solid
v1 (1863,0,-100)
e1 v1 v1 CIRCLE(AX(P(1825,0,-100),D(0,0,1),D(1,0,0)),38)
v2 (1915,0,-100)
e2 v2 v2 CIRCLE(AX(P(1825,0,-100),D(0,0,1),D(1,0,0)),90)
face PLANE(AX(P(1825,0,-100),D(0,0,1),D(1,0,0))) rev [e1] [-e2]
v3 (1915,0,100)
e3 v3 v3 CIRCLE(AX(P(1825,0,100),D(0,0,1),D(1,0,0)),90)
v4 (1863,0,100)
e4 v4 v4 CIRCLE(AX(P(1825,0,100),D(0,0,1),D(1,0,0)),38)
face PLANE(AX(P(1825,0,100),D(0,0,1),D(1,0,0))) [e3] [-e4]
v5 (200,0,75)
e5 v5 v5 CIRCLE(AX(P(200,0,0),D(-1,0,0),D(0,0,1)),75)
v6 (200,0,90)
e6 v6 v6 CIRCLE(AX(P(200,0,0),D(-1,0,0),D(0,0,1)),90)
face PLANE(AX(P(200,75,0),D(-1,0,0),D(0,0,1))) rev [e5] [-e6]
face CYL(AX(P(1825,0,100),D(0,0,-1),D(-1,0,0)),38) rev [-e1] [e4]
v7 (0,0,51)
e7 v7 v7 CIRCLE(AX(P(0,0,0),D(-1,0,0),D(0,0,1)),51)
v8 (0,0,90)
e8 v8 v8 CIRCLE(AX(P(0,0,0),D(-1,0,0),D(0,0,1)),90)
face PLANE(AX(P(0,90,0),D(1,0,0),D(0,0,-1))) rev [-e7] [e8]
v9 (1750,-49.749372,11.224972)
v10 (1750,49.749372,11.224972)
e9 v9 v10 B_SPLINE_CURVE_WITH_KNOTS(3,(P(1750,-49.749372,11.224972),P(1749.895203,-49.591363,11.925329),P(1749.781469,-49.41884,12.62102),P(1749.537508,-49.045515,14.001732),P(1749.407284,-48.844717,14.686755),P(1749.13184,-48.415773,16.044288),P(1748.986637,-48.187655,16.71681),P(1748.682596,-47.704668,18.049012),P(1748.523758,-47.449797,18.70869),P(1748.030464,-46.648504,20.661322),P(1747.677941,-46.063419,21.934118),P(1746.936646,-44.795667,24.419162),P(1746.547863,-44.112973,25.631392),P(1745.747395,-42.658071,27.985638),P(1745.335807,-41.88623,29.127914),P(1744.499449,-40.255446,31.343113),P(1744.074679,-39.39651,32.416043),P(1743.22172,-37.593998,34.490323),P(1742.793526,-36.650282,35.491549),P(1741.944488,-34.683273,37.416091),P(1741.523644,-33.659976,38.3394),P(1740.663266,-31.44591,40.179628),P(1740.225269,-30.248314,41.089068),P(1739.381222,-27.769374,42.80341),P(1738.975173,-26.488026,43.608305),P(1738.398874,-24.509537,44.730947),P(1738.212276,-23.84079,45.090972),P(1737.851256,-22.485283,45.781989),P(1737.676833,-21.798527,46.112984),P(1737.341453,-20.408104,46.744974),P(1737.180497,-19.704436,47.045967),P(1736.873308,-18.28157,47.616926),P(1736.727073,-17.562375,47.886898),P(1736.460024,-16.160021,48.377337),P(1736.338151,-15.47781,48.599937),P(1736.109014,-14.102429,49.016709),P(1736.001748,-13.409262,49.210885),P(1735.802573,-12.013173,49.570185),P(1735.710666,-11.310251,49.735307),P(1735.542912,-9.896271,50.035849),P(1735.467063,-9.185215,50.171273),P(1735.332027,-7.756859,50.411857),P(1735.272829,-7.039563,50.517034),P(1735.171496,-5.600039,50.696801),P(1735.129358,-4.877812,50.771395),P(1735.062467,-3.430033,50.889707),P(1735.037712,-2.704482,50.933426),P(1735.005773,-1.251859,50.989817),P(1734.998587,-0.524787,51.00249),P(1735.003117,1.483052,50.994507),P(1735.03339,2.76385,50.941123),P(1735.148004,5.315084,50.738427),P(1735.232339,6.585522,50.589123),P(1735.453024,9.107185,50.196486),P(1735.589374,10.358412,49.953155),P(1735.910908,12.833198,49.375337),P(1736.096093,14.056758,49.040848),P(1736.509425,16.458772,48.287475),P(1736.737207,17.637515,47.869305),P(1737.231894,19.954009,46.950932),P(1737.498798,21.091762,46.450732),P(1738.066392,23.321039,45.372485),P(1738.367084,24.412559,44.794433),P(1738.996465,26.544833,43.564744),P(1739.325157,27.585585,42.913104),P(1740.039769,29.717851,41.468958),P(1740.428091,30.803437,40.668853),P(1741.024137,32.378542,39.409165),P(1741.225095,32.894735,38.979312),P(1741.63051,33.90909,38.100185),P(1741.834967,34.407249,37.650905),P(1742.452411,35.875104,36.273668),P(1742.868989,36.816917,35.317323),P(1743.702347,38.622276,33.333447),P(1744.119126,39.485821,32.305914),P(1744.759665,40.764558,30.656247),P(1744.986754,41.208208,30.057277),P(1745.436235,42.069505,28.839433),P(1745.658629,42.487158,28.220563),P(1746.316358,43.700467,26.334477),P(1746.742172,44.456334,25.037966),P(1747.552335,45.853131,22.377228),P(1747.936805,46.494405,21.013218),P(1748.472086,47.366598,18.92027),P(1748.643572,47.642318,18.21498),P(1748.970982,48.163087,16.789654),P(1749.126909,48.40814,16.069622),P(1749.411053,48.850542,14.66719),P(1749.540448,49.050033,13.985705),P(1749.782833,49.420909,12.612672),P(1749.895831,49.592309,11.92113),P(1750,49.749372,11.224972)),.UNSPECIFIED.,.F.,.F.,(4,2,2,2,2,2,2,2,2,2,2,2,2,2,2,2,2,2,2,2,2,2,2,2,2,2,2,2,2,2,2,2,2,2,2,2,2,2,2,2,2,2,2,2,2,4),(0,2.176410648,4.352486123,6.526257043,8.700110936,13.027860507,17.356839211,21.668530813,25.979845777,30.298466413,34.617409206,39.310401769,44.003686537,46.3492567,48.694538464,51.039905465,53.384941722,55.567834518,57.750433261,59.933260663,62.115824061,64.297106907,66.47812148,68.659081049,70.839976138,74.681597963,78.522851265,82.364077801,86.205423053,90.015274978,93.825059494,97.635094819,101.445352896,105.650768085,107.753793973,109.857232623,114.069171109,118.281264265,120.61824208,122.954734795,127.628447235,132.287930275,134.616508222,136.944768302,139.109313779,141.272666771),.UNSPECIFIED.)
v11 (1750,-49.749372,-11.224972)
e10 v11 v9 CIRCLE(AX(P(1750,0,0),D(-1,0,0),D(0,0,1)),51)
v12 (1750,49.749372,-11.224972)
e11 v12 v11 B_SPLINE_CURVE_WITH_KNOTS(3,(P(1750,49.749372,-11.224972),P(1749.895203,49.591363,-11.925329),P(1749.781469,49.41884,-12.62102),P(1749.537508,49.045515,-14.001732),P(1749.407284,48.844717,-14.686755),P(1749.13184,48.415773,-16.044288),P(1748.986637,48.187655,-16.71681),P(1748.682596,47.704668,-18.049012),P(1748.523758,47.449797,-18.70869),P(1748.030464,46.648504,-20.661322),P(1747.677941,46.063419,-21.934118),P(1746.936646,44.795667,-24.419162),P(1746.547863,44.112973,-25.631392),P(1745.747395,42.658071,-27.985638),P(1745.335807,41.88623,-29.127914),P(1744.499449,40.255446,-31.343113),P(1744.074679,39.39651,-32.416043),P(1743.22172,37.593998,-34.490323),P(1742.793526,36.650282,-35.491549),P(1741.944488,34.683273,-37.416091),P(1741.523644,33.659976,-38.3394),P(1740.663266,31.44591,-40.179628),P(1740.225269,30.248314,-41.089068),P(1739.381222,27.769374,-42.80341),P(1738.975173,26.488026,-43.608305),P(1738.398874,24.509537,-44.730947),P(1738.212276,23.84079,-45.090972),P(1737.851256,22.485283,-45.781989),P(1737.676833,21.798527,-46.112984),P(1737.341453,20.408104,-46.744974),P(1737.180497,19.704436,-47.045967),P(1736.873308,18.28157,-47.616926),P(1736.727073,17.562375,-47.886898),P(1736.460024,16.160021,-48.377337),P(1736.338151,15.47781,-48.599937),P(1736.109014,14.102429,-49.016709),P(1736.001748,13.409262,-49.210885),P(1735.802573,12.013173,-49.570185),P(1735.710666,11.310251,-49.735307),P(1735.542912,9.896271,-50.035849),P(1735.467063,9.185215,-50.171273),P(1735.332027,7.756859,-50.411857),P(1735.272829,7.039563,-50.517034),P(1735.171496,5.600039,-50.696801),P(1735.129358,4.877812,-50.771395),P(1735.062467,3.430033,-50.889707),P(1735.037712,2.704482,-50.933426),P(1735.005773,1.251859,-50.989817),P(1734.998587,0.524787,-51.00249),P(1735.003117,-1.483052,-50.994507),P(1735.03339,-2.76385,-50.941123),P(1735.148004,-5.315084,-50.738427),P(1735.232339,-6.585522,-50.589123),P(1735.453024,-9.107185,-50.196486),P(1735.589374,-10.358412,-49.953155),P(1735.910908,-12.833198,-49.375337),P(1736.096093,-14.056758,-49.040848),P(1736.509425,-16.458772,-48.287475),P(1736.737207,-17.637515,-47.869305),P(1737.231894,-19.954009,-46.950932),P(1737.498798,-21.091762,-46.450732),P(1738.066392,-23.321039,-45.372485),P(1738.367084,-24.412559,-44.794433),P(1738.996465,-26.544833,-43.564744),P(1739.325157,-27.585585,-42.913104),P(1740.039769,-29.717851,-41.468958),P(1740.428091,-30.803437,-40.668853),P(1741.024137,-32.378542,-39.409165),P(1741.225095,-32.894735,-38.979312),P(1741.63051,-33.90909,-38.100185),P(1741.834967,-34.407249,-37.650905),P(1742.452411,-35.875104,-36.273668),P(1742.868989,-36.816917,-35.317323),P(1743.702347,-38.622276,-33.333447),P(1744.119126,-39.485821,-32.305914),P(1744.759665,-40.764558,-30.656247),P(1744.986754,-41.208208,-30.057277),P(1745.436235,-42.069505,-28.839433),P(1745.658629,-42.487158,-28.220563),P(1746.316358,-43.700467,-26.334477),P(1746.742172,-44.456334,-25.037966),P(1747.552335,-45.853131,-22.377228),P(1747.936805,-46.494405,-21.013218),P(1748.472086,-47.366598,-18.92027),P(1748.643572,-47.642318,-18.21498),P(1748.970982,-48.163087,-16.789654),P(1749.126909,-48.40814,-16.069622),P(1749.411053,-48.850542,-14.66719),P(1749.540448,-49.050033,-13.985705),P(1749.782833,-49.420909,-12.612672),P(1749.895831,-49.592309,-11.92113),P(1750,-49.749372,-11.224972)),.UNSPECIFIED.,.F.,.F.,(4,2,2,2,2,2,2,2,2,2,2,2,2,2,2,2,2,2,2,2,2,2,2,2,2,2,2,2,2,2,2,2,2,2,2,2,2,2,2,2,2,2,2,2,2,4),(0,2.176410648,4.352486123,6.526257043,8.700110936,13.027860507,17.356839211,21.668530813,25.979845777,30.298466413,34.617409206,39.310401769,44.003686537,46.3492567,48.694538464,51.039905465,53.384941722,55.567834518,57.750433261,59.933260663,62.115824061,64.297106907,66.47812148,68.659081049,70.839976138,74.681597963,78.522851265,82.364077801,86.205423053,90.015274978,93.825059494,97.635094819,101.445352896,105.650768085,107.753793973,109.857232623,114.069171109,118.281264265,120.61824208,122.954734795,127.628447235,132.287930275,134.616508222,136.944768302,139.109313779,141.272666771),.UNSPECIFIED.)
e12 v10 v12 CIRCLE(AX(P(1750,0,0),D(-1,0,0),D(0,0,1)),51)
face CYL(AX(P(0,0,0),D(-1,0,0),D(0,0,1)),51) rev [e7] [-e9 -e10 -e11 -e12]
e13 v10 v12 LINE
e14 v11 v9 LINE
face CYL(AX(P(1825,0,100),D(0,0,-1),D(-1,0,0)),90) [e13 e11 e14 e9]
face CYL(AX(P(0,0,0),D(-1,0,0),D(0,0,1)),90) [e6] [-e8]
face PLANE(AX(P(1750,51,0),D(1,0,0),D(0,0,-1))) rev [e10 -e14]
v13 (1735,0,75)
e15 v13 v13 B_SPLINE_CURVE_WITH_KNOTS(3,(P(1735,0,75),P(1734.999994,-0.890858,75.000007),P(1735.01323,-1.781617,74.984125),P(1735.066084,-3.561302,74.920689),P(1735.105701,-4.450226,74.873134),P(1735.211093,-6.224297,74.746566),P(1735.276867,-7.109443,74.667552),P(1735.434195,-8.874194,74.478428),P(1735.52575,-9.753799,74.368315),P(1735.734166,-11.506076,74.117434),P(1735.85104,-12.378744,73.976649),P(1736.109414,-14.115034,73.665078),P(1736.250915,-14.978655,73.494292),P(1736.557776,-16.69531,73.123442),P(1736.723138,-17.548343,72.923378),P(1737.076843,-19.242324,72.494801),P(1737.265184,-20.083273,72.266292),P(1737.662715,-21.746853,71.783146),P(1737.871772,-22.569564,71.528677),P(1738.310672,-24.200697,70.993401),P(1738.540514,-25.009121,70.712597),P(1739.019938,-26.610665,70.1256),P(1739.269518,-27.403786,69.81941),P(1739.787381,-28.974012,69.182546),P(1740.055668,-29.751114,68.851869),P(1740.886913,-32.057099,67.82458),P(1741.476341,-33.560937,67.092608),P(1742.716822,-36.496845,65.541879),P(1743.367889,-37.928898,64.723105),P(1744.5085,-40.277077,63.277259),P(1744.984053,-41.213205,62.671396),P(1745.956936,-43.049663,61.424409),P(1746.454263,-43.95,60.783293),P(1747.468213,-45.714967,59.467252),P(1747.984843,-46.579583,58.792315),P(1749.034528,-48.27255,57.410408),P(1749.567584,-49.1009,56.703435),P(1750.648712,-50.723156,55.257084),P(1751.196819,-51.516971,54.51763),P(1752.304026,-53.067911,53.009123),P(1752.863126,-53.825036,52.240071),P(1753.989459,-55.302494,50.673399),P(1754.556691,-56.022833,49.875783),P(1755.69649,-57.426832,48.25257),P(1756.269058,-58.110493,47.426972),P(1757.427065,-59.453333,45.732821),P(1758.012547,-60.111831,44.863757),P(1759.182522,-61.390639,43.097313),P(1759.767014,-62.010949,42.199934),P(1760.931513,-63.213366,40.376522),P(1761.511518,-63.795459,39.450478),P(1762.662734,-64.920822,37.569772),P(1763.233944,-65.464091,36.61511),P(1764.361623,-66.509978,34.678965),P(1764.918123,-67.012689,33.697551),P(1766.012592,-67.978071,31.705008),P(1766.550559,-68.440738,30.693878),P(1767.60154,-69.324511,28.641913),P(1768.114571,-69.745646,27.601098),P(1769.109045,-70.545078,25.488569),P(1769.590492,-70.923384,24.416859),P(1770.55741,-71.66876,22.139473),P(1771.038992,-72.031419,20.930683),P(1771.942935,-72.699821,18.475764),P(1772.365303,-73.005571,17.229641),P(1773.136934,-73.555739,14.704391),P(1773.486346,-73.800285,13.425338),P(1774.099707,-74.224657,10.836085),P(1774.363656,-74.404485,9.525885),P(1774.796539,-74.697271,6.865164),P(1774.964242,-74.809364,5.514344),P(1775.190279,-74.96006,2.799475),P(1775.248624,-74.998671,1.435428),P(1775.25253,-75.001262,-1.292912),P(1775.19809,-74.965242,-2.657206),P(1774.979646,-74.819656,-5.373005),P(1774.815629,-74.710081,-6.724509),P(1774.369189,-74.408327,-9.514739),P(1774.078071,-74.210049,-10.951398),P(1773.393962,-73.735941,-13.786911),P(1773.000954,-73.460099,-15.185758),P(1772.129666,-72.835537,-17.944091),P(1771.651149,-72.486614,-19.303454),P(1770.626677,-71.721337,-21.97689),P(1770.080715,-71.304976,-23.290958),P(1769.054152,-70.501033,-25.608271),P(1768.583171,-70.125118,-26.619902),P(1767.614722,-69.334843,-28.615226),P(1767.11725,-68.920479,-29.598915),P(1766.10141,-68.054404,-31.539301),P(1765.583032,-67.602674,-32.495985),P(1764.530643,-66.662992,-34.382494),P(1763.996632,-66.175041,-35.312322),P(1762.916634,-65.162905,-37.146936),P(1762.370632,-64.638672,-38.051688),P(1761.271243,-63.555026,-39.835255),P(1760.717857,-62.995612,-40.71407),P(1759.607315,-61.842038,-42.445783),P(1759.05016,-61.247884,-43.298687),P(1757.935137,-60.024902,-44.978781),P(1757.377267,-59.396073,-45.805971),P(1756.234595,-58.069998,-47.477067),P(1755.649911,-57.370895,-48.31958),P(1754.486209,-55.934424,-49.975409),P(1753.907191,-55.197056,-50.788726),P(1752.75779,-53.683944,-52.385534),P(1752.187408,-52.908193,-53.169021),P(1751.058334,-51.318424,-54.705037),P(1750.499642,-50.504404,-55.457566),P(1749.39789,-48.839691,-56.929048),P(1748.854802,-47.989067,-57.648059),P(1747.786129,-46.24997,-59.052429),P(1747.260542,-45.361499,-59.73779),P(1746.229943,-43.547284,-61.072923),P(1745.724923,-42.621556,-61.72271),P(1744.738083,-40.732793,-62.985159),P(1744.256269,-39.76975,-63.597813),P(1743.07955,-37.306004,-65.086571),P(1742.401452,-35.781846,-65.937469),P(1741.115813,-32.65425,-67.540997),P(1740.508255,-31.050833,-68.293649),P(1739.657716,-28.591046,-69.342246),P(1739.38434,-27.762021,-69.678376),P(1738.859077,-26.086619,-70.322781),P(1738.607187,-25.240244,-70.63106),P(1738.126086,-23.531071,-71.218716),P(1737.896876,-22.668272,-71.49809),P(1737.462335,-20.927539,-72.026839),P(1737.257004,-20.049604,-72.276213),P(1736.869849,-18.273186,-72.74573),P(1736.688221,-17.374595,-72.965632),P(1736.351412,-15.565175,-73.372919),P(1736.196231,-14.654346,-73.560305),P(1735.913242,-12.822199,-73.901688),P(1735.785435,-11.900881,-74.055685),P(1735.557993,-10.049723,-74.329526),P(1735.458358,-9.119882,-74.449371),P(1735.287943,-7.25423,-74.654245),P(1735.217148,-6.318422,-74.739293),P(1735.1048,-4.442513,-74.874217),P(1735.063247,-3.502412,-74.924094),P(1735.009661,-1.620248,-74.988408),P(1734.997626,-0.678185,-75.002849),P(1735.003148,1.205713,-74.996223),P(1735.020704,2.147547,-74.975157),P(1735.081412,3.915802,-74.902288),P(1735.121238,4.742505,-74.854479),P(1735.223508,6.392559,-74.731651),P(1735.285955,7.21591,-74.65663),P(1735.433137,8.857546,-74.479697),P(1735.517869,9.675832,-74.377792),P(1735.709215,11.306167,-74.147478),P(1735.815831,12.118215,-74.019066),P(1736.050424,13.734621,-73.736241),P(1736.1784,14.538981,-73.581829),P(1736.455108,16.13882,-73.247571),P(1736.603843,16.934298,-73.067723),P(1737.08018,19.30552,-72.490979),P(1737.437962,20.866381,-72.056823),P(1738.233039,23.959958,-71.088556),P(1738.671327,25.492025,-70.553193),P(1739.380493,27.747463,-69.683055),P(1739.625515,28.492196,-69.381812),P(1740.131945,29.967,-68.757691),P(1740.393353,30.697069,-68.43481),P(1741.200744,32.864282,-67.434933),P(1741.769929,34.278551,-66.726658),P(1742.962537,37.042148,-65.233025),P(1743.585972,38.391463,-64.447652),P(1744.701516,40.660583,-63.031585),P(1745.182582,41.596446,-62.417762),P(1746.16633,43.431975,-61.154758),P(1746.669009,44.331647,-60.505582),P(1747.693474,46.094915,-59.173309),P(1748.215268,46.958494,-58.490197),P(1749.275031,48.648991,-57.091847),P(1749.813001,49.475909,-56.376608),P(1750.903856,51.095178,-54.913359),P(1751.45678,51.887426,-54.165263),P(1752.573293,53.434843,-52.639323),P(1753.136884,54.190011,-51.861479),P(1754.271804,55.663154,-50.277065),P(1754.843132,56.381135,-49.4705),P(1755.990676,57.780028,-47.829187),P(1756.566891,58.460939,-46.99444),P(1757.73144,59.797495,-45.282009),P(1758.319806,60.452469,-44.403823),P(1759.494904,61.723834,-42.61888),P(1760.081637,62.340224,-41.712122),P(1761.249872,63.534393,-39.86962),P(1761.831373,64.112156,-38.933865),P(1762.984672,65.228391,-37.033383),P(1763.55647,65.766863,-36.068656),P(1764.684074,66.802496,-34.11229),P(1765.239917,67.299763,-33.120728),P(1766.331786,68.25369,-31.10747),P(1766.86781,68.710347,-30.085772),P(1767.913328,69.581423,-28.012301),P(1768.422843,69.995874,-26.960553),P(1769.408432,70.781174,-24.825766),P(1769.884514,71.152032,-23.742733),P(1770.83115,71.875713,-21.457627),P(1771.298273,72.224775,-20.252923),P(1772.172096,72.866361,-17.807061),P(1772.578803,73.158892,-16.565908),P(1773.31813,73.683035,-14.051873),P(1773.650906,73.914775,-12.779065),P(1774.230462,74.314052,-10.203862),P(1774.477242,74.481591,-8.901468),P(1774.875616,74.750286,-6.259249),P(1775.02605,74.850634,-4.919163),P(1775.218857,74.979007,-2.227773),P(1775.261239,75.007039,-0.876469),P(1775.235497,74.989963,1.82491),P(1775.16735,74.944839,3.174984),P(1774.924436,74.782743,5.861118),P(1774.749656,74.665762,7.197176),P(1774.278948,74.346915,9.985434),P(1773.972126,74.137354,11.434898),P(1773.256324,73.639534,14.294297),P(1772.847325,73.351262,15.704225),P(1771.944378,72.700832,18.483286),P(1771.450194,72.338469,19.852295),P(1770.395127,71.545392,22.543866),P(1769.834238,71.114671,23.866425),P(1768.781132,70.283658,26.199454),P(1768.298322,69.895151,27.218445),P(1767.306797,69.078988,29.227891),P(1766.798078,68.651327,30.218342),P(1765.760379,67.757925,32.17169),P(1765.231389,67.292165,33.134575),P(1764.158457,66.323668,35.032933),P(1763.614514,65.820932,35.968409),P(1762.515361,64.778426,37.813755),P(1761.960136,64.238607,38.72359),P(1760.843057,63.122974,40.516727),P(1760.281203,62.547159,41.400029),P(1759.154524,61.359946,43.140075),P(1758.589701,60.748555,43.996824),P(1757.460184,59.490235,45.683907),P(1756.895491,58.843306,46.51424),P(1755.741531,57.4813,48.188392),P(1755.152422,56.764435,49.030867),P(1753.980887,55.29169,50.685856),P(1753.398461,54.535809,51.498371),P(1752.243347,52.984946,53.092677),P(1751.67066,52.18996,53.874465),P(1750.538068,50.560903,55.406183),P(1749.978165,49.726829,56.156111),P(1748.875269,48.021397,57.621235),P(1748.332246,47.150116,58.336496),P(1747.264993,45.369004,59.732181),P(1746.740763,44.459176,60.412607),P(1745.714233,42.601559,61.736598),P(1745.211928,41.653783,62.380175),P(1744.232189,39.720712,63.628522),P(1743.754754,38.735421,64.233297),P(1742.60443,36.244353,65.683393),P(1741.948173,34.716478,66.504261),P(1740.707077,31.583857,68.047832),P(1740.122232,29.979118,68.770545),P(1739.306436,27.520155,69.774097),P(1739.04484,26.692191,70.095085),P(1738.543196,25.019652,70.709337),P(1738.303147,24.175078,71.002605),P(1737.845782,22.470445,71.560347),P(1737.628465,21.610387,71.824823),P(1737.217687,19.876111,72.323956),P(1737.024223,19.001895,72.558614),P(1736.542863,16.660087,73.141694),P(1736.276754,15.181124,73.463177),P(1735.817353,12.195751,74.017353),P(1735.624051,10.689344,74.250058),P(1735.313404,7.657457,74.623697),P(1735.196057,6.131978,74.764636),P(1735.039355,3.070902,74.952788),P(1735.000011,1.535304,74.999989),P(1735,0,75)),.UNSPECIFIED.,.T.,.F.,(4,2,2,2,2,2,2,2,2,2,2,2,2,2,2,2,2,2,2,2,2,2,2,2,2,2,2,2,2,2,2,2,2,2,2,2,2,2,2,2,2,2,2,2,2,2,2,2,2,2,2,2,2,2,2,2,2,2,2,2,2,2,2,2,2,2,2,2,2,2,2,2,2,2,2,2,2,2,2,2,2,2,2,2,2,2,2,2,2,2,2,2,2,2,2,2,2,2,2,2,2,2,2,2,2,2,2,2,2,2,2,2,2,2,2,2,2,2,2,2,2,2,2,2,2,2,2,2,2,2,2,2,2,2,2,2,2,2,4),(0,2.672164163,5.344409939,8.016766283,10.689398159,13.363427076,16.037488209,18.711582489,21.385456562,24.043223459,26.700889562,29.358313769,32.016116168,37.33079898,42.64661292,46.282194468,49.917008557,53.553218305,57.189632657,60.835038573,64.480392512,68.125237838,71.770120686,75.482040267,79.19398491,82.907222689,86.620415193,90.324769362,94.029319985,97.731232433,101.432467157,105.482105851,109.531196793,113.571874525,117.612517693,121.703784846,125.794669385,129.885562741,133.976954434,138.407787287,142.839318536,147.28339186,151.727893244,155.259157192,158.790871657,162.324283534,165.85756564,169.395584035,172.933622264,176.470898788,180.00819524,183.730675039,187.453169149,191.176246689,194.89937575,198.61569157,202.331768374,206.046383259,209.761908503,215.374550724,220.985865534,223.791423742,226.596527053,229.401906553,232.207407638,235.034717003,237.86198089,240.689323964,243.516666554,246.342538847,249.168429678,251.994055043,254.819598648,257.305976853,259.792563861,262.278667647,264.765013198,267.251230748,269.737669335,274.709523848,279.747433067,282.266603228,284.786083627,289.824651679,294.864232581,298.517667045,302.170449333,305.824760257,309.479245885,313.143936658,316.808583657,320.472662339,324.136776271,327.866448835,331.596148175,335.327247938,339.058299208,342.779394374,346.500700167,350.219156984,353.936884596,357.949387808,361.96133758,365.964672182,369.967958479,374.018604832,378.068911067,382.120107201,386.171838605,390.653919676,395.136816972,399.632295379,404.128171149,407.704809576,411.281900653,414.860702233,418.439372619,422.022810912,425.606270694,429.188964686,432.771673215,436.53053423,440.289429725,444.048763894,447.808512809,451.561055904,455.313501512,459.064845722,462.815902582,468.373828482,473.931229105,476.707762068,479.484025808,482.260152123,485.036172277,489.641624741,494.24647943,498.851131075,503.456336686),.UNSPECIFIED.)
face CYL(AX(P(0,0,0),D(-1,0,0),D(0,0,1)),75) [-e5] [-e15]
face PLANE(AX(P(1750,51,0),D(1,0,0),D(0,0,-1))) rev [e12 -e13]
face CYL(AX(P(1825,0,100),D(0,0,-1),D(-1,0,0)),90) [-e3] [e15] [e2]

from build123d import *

# Parameters (mm, degrees)
SKETCH2_R               = 90
SKETCH2_R_2             = 38
BOSS_EXTRUDE1_DEPTH     = 100
CUT_EXTRUDE1_DEPTH      = 1920.720031781
CUT_EXTRUDE1_DEPTH_BACK = 1920.720031781
SKETCH2_2_R             = 38


with BuildPart() as part:
    # Sketch1 → Revolve2 (revolve)
    with BuildSketch(Plane.XY):
        Polygon((1825, 0), (1825, 75), (200, 75), (200, 90), (0, 90), (0, 51), (1750, 51), (1750, 0), align=None)
    revolve(axis=Axis((0, 0, 0), (1, 0, 0)))

    # Sketch2 → Boss-Extrude1 (add, symmetric)
    with BuildSketch(Plane.XY):
        with Locations((1825, 0)):
            Circle(SKETCH2_R)
        with Locations((1825, 0)):
            Circle(SKETCH2_R_2, mode=Mode.SUBTRACT)
    extrude(amount=BOSS_EXTRUDE1_DEPTH, both=True)

    # Sketch2<2> → Cut-Extrude1 (cut, two sides: drawn at the far end of the back side and taken through both)
    with BuildSketch(Plane.XY.offset(-CUT_EXTRUDE1_DEPTH_BACK)):
        with Locations((1825, 0)):
            Circle(SKETCH2_2_R)
    extrude(amount=CUT_EXTRUDE1_DEPTH + CUT_EXTRUDE1_DEPTH_BACK, mode=Mode.SUBTRACT)


solid = part.part
